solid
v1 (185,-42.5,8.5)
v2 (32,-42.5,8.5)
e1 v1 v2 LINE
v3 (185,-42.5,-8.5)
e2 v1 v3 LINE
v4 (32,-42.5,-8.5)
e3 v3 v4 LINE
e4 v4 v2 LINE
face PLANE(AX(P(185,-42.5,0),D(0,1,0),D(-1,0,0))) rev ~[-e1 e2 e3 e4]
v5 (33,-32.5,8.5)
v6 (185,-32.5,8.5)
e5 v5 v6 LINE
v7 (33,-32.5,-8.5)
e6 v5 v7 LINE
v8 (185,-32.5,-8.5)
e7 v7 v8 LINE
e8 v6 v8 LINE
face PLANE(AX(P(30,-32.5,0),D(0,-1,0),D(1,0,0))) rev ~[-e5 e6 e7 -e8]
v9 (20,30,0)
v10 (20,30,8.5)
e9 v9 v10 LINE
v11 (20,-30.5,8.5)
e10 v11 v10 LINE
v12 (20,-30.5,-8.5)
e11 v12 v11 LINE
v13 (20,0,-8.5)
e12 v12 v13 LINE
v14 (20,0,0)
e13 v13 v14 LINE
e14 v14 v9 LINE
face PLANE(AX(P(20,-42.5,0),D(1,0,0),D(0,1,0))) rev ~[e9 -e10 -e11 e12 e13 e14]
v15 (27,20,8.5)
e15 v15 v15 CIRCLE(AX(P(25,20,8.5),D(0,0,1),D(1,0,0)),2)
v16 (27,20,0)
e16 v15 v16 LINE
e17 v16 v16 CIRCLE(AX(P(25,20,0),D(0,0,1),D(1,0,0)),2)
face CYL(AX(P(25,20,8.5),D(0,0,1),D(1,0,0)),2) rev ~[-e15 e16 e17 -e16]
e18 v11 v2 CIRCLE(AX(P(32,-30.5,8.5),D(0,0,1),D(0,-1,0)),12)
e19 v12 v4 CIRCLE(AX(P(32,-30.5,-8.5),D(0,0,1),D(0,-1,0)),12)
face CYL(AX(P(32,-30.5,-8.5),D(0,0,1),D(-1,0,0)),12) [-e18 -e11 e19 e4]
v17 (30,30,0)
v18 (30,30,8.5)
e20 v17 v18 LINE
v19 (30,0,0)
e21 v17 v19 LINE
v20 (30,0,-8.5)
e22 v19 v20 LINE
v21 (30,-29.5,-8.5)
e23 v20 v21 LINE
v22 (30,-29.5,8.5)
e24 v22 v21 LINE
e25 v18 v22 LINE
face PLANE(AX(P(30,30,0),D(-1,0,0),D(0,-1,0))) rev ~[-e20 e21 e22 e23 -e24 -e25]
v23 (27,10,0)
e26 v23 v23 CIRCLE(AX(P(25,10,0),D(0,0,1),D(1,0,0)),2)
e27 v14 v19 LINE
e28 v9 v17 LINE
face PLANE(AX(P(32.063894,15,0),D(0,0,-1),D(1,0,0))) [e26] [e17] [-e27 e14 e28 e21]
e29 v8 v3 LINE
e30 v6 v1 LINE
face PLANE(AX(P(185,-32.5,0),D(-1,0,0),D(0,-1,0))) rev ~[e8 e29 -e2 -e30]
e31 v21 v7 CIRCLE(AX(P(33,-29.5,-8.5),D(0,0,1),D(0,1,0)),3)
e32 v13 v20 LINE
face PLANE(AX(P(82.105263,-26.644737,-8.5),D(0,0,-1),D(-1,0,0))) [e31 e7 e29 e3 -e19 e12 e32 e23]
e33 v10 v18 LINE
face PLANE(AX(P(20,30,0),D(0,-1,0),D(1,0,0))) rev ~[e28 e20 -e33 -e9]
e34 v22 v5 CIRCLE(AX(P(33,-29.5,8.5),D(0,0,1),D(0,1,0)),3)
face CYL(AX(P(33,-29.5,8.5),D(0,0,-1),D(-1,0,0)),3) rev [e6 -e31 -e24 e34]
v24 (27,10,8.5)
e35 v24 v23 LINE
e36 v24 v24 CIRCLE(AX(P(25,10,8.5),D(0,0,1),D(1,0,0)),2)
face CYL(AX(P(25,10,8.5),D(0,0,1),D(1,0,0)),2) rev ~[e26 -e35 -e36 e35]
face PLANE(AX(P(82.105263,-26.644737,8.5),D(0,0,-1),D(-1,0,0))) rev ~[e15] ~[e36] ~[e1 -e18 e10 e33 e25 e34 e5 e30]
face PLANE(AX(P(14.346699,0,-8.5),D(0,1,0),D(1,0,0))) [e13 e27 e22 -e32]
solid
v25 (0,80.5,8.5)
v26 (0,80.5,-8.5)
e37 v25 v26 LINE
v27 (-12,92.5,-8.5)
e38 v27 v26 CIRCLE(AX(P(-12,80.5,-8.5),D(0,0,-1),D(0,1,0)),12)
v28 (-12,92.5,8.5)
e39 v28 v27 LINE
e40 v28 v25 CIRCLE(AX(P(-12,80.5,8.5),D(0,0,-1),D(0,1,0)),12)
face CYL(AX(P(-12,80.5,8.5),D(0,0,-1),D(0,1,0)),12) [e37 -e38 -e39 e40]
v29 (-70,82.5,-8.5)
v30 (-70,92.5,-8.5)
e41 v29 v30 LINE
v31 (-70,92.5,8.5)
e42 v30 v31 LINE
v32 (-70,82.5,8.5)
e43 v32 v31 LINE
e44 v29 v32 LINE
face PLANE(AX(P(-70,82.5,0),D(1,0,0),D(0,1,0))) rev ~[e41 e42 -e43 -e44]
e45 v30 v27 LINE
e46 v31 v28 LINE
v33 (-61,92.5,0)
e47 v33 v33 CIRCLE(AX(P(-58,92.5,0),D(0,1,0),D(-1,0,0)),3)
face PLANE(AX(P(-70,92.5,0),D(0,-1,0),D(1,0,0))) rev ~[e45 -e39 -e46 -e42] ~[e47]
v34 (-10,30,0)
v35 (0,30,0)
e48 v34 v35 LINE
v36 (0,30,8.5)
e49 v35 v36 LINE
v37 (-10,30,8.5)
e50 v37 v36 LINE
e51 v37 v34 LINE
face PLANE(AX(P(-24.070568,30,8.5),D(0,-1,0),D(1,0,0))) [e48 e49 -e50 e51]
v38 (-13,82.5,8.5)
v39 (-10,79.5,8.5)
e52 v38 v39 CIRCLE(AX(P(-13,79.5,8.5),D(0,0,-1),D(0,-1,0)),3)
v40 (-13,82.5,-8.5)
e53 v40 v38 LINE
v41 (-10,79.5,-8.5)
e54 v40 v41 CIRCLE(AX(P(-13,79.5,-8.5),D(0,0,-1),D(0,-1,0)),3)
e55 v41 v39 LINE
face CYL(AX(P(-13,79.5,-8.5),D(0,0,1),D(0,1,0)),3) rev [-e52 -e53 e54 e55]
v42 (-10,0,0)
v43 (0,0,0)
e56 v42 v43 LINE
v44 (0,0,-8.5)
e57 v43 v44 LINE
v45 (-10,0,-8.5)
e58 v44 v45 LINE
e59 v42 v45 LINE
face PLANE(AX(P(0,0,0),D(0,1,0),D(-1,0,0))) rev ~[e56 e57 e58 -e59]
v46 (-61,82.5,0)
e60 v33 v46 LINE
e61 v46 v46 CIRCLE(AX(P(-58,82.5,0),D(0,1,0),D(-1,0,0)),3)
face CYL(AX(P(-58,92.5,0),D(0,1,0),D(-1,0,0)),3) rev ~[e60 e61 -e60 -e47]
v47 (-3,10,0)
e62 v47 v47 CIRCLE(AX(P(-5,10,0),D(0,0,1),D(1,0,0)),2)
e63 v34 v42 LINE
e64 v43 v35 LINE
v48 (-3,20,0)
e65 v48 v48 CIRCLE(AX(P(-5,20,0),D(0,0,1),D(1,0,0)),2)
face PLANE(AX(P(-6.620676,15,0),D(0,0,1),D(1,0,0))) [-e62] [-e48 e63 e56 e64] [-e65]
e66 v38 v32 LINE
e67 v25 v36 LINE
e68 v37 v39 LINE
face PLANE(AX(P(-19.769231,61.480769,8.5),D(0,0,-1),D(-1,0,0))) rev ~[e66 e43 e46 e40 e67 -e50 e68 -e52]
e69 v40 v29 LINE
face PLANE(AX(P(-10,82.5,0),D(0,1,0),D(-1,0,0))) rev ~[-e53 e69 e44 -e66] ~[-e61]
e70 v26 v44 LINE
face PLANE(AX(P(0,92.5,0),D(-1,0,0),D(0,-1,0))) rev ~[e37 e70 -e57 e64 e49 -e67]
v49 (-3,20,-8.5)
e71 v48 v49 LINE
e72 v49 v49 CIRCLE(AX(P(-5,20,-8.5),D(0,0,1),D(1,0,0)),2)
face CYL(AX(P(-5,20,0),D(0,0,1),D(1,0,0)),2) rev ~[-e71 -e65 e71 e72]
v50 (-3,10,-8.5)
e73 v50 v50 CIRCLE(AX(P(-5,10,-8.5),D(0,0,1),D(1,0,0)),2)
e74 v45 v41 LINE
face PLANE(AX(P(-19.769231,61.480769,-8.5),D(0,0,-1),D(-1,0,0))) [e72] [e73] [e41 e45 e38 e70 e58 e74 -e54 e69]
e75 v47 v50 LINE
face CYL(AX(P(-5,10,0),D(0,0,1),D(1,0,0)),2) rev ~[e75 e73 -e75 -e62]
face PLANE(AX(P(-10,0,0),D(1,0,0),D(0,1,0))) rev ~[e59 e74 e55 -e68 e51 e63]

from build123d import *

# Parameters (mm, degrees)
PAD_DEPTH       = 8.5
SKETCH002_W     = 34.899784
SKETCH002_H     = 30
POCKET_DEPTH    = 8.5
SKETCH005_R     = 2
POCKET003_DEPTH = 8.501
SKETCH006_R     = 3
POCKET004_DEPTH = 92.501
FILLET001_R     = 12
FILLET002_R     = 3
PAD001_DEPTH    = 8.5
SKETCH003_W     = 35.43439
SKETCH003_H     = 30
POCKET001_DEPTH = 8.5
SKETCH004_R     = 2
POCKET002_DEPTH = 17.001
FILLET_R        = 12
FILLET003_R     = 3


with BuildPart() as base_corta:
    # Sketch → Pad (new body, symmetric)
    with BuildSketch(Plane.XY):
        Polygon((-70, 92.5), (0, 92.5), (0, 0), (-10, 0), (-10, 82.5), (-70, 82.5), align=None)
    extrude(amount=PAD_DEPTH, both=True)

    # Sketch002 → Pocket (cut)
    with BuildSketch(Plane.XY.offset(8.5)):
        with Locations((-6.620676, 15)):
            Rectangle(SKETCH002_W, SKETCH002_H)
    extrude(amount=-POCKET_DEPTH, mode=Mode.SUBTRACT)

    # Sketch005 → Pocket003 (cut, through all)
    with BuildSketch(Plane.XY):
        with Locations((-5, 10)):
            Circle(SKETCH005_R)
        with Locations((-5, 20)):
            Circle(SKETCH005_R)
    extrude(amount=-POCKET003_DEPTH, mode=Mode.SUBTRACT)

    # Sketch006 → Pocket004 (cut, through all)
    with BuildSketch(Plane(origin=(0, 92.5, 0), x_dir=(-1, 0, 0), z_dir=(0, 1, 0))):
        with Locations((58, 0)):
            Circle(SKETCH006_R)
    extrude(amount=-POCKET004_DEPTH, mode=Mode.SUBTRACT)

    # Fillet001
    fillet001_edges = [base_corta.edges().sort_by_distance(p)[0] for p in [
        (0, 92.5, 0),
    ]]
    fillet(fillet001_edges, radius=FILLET001_R)

    # Fillet002
    fillet002_edges = [base_corta.edges().sort_by_distance(p)[0] for p in [
        (-10, 82.5, 0),
    ]]
    fillet(fillet002_edges, radius=FILLET002_R)


with BuildPart() as base_larga:
    # Sketch001 → Pad001 (new body, symmetric)
    with BuildSketch(Plane.XY):
        Polygon((30, 30), (30, -32.5), (185, -32.5), (185, -42.5), (20, -42.5), (20, 30), align=None)
    extrude(amount=PAD001_DEPTH, both=True)

    # Sketch003 → Pocket001 (cut)
    with BuildSketch(Plane(origin=(0, 0, -8.5), x_dir=(1, 0, 0), z_dir=(0, 0, -1))):
        with Locations((32.063894, -15)):
            Rectangle(SKETCH003_W, SKETCH003_H)
    extrude(amount=-POCKET001_DEPTH, mode=Mode.SUBTRACT)

    # Sketch004 → Pocket002 (cut, through all)
    with BuildSketch(Plane.XY.offset(8.5)):
        with Locations((25, 20)):
            Circle(SKETCH004_R)
        with Locations((25, 10)):
            Circle(SKETCH004_R)
    extrude(amount=-POCKET002_DEPTH, mode=Mode.SUBTRACT)

    # Fillet
    fillet_edges = [base_larga.edges().sort_by_distance(p)[0] for p in [
        (20, -42.5, 0),
    ]]
    fillet(fillet_edges, radius=FILLET_R)

    # Fillet003
    fillet003_edges = [base_larga.edges().sort_by_distance(p)[0] for p in [
        (30, -32.5, 0),
    ]]
    fillet(fillet003_edges, radius=FILLET003_R)


solid = Compound([base_corta.part, base_larga.part])
